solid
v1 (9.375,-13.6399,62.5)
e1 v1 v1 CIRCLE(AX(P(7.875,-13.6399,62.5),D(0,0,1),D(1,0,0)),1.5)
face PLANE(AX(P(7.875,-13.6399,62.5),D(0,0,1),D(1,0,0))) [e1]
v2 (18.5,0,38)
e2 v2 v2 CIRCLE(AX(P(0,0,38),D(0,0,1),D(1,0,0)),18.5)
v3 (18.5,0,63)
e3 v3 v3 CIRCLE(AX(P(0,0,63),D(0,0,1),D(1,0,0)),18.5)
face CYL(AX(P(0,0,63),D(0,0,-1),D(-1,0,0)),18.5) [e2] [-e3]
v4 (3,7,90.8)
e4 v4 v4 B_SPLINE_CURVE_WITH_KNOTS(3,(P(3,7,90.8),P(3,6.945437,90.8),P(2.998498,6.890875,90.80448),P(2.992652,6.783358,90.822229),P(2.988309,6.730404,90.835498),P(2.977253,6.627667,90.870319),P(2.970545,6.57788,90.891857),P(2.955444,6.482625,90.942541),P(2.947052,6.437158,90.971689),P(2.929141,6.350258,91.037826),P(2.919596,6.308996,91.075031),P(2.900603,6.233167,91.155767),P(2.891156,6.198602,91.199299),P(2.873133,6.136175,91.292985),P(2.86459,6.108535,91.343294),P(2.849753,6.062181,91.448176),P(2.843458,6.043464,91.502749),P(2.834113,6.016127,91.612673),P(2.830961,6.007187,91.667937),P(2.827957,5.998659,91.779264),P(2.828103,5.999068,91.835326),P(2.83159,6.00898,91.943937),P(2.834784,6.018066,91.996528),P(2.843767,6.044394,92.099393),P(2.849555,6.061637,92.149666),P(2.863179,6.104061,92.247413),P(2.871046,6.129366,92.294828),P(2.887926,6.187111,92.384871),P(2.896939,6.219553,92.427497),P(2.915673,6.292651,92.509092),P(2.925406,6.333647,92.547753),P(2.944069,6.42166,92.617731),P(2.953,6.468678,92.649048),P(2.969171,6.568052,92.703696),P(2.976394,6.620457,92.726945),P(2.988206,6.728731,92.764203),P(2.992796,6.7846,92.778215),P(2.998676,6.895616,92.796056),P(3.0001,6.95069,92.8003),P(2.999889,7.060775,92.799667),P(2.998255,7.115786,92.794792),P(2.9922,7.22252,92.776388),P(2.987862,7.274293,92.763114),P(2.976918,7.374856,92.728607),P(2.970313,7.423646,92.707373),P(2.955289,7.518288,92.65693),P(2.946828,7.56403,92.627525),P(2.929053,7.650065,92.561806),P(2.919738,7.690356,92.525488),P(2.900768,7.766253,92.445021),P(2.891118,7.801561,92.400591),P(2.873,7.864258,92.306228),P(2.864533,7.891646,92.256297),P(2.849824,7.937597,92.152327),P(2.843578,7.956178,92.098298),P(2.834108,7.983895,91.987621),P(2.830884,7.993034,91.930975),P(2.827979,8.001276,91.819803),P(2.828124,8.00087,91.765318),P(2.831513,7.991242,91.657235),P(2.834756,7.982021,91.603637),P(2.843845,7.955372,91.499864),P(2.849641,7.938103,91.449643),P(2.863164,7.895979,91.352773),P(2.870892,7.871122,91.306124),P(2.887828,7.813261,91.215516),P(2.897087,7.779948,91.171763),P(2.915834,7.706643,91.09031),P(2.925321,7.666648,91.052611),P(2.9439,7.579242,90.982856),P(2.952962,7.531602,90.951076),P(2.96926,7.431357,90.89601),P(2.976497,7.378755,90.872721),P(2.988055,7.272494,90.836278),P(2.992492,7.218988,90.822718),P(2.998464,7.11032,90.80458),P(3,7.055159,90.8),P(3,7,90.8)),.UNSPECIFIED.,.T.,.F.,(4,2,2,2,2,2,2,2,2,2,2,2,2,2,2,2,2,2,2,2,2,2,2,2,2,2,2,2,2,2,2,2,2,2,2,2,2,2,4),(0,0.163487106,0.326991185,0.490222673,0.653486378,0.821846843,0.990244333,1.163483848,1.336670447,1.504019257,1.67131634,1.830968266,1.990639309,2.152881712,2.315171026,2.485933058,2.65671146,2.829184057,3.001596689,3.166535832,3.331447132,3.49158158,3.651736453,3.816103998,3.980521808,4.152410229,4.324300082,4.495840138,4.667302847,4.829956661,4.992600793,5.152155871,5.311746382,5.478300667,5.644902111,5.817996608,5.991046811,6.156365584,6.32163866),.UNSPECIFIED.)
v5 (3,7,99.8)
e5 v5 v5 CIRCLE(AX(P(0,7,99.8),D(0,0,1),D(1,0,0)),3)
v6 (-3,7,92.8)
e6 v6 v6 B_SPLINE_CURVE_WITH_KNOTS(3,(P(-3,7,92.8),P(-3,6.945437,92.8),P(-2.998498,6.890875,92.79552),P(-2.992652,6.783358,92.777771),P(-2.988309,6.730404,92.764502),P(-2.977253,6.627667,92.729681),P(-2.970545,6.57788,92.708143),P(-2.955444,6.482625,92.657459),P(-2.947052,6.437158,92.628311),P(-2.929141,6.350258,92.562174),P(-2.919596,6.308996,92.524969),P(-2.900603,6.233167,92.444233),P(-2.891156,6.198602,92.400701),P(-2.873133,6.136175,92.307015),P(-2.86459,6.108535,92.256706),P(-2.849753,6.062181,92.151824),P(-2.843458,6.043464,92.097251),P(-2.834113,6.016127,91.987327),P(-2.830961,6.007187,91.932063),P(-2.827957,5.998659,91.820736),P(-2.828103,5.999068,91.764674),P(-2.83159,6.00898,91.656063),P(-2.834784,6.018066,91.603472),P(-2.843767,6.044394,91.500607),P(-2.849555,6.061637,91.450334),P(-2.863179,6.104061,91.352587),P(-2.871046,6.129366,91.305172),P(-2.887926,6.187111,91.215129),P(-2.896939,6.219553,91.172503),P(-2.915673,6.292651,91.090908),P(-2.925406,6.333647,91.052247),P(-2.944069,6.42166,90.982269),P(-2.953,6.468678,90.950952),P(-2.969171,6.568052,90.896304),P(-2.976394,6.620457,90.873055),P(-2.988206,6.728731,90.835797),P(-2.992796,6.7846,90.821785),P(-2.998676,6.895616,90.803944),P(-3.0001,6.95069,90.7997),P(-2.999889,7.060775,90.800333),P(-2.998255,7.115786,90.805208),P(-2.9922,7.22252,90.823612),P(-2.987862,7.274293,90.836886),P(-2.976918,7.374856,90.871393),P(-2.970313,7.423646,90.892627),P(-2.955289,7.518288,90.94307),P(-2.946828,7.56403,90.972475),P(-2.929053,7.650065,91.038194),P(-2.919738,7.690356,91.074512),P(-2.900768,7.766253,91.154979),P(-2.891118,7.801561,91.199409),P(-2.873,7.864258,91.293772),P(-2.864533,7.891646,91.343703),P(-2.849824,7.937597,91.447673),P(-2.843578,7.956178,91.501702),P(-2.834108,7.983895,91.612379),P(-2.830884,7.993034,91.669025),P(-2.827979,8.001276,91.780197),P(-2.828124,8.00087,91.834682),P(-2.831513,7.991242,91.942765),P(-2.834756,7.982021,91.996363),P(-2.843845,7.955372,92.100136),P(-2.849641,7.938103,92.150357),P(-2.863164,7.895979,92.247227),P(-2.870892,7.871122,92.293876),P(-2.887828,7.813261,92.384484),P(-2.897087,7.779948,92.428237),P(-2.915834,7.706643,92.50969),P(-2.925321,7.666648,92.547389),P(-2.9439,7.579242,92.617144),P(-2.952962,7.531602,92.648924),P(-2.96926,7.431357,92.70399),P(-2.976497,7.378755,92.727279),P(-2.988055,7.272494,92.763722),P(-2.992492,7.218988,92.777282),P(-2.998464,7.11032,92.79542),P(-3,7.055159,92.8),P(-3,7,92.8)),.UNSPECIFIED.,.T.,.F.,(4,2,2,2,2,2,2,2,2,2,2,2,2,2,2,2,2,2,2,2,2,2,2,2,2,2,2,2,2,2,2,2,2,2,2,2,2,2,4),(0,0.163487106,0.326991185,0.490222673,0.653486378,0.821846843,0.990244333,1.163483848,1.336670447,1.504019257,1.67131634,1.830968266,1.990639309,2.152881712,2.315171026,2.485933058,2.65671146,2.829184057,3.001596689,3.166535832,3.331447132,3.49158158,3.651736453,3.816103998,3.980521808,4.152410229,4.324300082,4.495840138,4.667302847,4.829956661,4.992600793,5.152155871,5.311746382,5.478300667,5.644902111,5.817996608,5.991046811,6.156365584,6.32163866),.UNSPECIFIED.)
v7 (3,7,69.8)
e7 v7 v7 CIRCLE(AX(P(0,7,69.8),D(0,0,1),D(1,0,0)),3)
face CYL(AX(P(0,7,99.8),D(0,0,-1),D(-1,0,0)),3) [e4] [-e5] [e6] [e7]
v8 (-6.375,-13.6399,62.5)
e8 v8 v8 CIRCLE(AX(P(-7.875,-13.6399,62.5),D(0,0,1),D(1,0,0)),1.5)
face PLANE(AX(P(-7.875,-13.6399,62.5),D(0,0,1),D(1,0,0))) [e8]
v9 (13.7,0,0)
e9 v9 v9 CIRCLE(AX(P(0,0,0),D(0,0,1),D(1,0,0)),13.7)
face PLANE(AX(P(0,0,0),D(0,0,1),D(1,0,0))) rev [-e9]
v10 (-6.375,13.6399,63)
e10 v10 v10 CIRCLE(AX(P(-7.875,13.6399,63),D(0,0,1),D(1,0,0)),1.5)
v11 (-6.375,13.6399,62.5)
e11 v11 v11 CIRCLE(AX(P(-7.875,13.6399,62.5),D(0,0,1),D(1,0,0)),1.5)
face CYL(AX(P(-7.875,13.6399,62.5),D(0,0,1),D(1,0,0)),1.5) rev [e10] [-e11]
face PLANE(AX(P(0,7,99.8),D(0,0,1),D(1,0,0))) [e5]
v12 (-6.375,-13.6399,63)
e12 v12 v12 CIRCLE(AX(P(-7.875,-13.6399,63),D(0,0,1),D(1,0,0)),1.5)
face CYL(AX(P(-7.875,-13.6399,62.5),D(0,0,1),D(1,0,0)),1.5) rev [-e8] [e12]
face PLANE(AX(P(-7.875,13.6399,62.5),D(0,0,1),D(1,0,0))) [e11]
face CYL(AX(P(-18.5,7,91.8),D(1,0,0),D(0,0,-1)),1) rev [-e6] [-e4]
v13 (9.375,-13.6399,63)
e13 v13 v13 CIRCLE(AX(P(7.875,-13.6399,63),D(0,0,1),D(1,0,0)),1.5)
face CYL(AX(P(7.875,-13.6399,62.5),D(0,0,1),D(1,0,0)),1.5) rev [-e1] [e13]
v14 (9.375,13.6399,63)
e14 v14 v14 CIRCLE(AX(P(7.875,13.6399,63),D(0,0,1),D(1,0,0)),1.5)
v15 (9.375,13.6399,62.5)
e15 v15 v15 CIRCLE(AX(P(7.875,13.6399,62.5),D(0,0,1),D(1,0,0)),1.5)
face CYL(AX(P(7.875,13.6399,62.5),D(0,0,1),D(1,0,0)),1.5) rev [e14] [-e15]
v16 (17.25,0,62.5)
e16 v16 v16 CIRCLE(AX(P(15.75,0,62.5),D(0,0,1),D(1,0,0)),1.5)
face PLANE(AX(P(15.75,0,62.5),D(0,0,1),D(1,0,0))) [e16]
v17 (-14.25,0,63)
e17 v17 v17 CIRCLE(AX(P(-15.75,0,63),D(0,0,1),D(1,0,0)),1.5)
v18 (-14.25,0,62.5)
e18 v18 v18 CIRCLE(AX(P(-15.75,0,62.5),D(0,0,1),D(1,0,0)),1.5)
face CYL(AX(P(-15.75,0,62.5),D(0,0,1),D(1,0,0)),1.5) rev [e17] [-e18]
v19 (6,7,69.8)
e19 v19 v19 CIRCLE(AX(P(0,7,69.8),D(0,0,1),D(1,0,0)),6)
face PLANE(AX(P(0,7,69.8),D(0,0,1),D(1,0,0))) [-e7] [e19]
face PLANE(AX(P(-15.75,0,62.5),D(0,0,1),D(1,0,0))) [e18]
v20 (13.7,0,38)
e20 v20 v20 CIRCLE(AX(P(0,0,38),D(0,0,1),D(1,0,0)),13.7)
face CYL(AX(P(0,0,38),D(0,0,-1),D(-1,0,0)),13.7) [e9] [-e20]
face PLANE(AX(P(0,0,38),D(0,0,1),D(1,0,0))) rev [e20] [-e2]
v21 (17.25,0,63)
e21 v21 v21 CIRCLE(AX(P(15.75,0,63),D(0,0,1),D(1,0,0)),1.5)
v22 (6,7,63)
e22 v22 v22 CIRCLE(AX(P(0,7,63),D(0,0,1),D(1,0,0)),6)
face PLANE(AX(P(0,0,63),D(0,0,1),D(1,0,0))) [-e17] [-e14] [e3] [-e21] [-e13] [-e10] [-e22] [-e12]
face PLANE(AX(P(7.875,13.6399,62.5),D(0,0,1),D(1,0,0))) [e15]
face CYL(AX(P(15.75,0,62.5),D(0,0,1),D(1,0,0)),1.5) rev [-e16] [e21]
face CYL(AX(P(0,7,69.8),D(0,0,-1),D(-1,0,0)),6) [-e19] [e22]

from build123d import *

# Parameters (mm, degrees)
SKETCH1_R               = 13.7
BOSS_EXTRUDE1_DEPTH     = 38
SKETCH2_R               = 18.5
BOSS_EXTRUDE2_DEPTH     = 25
SKETCH3_R               = 6
BOSS_EXTRUDE3_DEPTH     = 6.8
SKETCH4_R               = 3
BOSS_EXTRUDE4_DEPTH     = 30
SKETCH5_R               = 1.5
CUT_EXTRUDE1_DEPTH      = 0.5
CUT_EXTRUDE2_DEPTH      = 104.172380025
CUT_EXTRUDE2_DEPTH_BACK = 104.172380025
SKETCH6_R               = 1


with BuildPart() as part:
    # Sketch1 → Boss-Extrude1 (new body)
    with BuildSketch(Plane.XY):
        Circle(SKETCH1_R)
    extrude(amount=BOSS_EXTRUDE1_DEPTH)

    # Sketch2 → Boss-Extrude2 (add)
    with BuildSketch(Plane.XY.offset(38)):
        Circle(SKETCH2_R)
    extrude(amount=BOSS_EXTRUDE2_DEPTH)

    # Sketch3 → Boss-Extrude3 (add)
    with BuildSketch(Plane.XY.offset(63)):
        with Locations((0, 7)):
            Circle(SKETCH3_R)
    extrude(amount=BOSS_EXTRUDE3_DEPTH)

    # Sketch4 → Boss-Extrude4 (add)
    with BuildSketch(Plane.XY.offset(69.8)):
        with Locations((0, 7)):
            Circle(SKETCH4_R)
    extrude(amount=BOSS_EXTRUDE4_DEPTH)

    # Sketch5 → Cut-Extrude1 (cut)
    with BuildSketch(Plane.XY.offset(63)):
        with Locations((-15.75, 0)):
            Circle(SKETCH5_R)
        with Locations((-7.875, 13.63990011)):
            Circle(SKETCH5_R)
        with Locations((7.875, 13.63990011)):
            Circle(SKETCH5_R)
        with Locations((15.75, 0)):
            Circle(SKETCH5_R)
        with Locations((7.875, -13.63990011)):
            Circle(SKETCH5_R)
        with Locations((-7.875, -13.63990011)):
            Circle(SKETCH5_R)
    extrude(amount=-CUT_EXTRUDE1_DEPTH, mode=Mode.SUBTRACT)

    # Sketch6 → Cut-Extrude2 (cut, two sides: drawn at the far end of the back side and taken through both)
    with BuildSketch(Plane(origin=(0, 0, 0), x_dir=(0, 0, -1), z_dir=(1, 0, 0)).offset(-CUT_EXTRUDE2_DEPTH_BACK)):
        with Locations(Location((-91.8, 7, 0), (0, 0, 180))):
            Circle(SKETCH6_R)
    extrude(amount=CUT_EXTRUDE2_DEPTH + CUT_EXTRUDE2_DEPTH_BACK, mode=Mode.SUBTRACT)


solid = part.part
